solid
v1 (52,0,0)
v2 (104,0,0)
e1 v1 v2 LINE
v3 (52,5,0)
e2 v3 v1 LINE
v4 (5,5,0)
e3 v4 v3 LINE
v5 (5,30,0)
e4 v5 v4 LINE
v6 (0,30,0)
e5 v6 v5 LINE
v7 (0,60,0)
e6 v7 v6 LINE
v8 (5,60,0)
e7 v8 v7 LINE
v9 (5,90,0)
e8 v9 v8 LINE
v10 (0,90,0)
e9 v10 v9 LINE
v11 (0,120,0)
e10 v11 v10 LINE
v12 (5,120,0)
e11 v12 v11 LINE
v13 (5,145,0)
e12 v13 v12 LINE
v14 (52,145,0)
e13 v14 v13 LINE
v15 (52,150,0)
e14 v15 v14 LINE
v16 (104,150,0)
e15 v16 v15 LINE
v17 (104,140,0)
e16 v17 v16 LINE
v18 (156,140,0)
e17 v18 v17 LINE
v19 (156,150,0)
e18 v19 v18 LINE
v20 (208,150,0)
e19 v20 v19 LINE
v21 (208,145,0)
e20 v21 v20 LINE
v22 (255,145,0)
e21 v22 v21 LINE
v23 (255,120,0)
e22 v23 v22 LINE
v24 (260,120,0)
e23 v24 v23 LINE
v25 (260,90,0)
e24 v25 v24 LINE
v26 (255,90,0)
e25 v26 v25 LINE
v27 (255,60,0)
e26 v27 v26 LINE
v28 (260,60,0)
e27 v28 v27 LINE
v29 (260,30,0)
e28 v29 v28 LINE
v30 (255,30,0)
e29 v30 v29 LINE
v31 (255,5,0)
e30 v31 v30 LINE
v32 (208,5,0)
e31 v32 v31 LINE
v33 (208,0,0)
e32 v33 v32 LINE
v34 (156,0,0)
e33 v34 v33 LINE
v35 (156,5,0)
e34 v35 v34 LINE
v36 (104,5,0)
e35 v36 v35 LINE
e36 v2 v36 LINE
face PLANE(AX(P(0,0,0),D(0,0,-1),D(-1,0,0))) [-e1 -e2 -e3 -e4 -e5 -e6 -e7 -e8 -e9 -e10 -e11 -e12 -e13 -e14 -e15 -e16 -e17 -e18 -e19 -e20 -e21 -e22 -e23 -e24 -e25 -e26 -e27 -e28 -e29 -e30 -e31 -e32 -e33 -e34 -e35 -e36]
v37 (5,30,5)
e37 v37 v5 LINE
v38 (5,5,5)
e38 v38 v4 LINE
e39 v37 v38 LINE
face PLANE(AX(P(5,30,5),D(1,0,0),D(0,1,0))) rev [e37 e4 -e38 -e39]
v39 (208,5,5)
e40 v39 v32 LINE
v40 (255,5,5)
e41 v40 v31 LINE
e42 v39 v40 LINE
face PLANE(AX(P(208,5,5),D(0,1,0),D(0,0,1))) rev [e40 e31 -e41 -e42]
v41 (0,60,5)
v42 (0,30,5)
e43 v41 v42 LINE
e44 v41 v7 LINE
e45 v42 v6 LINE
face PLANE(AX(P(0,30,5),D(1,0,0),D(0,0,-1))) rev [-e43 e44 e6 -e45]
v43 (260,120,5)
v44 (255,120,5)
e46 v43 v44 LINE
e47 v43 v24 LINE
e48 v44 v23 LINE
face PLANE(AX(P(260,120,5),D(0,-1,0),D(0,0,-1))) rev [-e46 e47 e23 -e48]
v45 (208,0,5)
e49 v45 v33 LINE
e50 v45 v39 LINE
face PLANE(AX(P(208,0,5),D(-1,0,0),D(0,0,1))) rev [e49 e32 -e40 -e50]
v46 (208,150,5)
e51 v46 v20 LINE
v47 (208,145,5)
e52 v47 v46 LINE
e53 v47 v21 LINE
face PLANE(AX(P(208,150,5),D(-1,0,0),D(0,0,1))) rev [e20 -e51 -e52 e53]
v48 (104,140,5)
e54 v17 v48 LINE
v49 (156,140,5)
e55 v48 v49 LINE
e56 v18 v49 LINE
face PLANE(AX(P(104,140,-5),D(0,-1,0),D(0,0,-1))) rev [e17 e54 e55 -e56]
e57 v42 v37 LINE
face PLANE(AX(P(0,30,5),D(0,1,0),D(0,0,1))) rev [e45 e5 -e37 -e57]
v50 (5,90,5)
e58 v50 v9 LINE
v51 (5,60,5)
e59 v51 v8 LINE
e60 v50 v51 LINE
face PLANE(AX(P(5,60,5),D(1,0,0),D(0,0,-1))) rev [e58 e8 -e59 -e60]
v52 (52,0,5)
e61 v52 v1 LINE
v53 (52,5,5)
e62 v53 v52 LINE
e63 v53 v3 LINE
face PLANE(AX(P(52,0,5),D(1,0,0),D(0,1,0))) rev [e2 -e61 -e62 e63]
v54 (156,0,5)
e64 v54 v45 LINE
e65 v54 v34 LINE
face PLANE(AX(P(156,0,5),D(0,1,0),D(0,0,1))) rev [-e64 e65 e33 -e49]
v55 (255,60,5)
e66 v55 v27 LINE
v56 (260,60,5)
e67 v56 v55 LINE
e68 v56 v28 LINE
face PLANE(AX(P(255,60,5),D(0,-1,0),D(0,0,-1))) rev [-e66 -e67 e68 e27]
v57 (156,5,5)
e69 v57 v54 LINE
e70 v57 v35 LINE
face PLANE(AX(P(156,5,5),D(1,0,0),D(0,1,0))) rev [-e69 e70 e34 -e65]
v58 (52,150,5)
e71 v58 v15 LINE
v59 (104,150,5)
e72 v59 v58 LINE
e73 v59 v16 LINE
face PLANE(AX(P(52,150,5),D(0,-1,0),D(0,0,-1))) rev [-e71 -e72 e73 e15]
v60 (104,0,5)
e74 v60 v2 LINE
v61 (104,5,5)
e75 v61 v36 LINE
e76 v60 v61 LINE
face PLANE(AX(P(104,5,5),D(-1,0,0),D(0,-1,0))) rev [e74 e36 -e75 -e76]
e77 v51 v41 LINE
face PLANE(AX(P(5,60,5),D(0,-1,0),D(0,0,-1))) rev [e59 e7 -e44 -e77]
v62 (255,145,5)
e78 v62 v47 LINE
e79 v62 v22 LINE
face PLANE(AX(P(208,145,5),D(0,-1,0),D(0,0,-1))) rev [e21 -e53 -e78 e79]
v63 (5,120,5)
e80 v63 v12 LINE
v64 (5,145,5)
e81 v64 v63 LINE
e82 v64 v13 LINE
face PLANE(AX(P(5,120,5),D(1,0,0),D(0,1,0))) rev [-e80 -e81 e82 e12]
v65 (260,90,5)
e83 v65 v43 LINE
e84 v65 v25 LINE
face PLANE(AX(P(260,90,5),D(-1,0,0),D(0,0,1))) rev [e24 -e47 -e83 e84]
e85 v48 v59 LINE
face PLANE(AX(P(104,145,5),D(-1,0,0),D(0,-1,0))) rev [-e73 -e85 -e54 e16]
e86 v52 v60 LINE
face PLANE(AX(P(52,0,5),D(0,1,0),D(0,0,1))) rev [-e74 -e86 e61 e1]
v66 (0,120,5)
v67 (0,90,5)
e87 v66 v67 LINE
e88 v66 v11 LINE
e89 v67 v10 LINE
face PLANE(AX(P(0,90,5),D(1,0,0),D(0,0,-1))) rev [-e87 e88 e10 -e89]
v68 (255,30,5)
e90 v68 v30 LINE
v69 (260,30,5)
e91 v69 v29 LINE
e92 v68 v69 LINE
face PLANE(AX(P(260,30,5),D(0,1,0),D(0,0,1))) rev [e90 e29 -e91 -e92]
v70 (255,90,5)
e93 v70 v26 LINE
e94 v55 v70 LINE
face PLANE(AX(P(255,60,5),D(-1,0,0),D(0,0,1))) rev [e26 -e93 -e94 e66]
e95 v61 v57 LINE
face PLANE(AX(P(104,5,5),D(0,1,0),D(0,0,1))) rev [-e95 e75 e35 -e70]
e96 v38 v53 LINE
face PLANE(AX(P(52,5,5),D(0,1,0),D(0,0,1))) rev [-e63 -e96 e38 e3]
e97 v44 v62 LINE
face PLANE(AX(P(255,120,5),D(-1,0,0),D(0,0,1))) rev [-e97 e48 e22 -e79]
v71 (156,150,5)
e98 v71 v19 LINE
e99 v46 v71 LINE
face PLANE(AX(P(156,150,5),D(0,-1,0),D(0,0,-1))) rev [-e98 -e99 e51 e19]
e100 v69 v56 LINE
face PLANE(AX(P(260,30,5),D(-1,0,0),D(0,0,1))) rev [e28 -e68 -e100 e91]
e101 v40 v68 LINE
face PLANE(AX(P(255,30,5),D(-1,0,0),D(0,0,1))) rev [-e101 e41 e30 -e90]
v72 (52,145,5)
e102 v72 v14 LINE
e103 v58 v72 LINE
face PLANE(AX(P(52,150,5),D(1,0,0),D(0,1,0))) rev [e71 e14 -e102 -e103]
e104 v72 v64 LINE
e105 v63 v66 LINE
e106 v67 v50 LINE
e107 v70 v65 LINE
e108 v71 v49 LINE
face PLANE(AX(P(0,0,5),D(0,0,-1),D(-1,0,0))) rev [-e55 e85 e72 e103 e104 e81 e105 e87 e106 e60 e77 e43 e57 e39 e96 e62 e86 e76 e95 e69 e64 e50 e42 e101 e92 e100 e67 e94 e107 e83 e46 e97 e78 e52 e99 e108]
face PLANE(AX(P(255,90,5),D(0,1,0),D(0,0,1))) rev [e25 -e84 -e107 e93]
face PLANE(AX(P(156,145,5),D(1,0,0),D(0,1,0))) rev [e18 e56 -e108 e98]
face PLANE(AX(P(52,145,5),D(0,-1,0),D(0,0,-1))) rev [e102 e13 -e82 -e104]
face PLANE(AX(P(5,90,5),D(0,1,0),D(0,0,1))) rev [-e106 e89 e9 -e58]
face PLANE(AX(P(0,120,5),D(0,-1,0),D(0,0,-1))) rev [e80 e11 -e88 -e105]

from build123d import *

# Parameters (mm, degrees)
SALIENTE_EXTRUIR1_DEPTH = 5
CROQUIS2_W              = 52
CROQUIS2_H              = 5
CORTAR_EXTRUIR1_DEPTH   = 10


with BuildPart() as part:
    # Croquis1 → Saliente-Extruir1 (new body)
    with BuildSketch(Plane.XY):
        Polygon((52, 0), (104, 0), (104, 5), (156, 5), (156, 0), (208, 0), (208, 5), (255, 5), (255, 30), (260, 30), (260, 60), (255, 60), (255, 90), (260, 90), (260, 120), (255, 120), (255, 145), (208, 145), (208, 150), (156, 150), (156, 145), (104, 145), (104, 150), (52, 150), (52, 145), (5, 145), (5, 120), (0, 120), (0, 90), (5, 90), (5, 60), (0, 60), (0, 30), (5, 30), (5, 5), (52, 5), align=None)
    extrude(amount=SALIENTE_EXTRUIR1_DEPTH)

    # Croquis2 → Cortar-Extruir1 (cut)
    with BuildSketch(Plane.XY.offset(5)):
        with Locations((130, 142.5)):
            Rectangle(CROQUIS2_W, CROQUIS2_H)
    extrude(amount=-CORTAR_EXTRUIR1_DEPTH, mode=Mode.SUBTRACT)


solid = part.part
